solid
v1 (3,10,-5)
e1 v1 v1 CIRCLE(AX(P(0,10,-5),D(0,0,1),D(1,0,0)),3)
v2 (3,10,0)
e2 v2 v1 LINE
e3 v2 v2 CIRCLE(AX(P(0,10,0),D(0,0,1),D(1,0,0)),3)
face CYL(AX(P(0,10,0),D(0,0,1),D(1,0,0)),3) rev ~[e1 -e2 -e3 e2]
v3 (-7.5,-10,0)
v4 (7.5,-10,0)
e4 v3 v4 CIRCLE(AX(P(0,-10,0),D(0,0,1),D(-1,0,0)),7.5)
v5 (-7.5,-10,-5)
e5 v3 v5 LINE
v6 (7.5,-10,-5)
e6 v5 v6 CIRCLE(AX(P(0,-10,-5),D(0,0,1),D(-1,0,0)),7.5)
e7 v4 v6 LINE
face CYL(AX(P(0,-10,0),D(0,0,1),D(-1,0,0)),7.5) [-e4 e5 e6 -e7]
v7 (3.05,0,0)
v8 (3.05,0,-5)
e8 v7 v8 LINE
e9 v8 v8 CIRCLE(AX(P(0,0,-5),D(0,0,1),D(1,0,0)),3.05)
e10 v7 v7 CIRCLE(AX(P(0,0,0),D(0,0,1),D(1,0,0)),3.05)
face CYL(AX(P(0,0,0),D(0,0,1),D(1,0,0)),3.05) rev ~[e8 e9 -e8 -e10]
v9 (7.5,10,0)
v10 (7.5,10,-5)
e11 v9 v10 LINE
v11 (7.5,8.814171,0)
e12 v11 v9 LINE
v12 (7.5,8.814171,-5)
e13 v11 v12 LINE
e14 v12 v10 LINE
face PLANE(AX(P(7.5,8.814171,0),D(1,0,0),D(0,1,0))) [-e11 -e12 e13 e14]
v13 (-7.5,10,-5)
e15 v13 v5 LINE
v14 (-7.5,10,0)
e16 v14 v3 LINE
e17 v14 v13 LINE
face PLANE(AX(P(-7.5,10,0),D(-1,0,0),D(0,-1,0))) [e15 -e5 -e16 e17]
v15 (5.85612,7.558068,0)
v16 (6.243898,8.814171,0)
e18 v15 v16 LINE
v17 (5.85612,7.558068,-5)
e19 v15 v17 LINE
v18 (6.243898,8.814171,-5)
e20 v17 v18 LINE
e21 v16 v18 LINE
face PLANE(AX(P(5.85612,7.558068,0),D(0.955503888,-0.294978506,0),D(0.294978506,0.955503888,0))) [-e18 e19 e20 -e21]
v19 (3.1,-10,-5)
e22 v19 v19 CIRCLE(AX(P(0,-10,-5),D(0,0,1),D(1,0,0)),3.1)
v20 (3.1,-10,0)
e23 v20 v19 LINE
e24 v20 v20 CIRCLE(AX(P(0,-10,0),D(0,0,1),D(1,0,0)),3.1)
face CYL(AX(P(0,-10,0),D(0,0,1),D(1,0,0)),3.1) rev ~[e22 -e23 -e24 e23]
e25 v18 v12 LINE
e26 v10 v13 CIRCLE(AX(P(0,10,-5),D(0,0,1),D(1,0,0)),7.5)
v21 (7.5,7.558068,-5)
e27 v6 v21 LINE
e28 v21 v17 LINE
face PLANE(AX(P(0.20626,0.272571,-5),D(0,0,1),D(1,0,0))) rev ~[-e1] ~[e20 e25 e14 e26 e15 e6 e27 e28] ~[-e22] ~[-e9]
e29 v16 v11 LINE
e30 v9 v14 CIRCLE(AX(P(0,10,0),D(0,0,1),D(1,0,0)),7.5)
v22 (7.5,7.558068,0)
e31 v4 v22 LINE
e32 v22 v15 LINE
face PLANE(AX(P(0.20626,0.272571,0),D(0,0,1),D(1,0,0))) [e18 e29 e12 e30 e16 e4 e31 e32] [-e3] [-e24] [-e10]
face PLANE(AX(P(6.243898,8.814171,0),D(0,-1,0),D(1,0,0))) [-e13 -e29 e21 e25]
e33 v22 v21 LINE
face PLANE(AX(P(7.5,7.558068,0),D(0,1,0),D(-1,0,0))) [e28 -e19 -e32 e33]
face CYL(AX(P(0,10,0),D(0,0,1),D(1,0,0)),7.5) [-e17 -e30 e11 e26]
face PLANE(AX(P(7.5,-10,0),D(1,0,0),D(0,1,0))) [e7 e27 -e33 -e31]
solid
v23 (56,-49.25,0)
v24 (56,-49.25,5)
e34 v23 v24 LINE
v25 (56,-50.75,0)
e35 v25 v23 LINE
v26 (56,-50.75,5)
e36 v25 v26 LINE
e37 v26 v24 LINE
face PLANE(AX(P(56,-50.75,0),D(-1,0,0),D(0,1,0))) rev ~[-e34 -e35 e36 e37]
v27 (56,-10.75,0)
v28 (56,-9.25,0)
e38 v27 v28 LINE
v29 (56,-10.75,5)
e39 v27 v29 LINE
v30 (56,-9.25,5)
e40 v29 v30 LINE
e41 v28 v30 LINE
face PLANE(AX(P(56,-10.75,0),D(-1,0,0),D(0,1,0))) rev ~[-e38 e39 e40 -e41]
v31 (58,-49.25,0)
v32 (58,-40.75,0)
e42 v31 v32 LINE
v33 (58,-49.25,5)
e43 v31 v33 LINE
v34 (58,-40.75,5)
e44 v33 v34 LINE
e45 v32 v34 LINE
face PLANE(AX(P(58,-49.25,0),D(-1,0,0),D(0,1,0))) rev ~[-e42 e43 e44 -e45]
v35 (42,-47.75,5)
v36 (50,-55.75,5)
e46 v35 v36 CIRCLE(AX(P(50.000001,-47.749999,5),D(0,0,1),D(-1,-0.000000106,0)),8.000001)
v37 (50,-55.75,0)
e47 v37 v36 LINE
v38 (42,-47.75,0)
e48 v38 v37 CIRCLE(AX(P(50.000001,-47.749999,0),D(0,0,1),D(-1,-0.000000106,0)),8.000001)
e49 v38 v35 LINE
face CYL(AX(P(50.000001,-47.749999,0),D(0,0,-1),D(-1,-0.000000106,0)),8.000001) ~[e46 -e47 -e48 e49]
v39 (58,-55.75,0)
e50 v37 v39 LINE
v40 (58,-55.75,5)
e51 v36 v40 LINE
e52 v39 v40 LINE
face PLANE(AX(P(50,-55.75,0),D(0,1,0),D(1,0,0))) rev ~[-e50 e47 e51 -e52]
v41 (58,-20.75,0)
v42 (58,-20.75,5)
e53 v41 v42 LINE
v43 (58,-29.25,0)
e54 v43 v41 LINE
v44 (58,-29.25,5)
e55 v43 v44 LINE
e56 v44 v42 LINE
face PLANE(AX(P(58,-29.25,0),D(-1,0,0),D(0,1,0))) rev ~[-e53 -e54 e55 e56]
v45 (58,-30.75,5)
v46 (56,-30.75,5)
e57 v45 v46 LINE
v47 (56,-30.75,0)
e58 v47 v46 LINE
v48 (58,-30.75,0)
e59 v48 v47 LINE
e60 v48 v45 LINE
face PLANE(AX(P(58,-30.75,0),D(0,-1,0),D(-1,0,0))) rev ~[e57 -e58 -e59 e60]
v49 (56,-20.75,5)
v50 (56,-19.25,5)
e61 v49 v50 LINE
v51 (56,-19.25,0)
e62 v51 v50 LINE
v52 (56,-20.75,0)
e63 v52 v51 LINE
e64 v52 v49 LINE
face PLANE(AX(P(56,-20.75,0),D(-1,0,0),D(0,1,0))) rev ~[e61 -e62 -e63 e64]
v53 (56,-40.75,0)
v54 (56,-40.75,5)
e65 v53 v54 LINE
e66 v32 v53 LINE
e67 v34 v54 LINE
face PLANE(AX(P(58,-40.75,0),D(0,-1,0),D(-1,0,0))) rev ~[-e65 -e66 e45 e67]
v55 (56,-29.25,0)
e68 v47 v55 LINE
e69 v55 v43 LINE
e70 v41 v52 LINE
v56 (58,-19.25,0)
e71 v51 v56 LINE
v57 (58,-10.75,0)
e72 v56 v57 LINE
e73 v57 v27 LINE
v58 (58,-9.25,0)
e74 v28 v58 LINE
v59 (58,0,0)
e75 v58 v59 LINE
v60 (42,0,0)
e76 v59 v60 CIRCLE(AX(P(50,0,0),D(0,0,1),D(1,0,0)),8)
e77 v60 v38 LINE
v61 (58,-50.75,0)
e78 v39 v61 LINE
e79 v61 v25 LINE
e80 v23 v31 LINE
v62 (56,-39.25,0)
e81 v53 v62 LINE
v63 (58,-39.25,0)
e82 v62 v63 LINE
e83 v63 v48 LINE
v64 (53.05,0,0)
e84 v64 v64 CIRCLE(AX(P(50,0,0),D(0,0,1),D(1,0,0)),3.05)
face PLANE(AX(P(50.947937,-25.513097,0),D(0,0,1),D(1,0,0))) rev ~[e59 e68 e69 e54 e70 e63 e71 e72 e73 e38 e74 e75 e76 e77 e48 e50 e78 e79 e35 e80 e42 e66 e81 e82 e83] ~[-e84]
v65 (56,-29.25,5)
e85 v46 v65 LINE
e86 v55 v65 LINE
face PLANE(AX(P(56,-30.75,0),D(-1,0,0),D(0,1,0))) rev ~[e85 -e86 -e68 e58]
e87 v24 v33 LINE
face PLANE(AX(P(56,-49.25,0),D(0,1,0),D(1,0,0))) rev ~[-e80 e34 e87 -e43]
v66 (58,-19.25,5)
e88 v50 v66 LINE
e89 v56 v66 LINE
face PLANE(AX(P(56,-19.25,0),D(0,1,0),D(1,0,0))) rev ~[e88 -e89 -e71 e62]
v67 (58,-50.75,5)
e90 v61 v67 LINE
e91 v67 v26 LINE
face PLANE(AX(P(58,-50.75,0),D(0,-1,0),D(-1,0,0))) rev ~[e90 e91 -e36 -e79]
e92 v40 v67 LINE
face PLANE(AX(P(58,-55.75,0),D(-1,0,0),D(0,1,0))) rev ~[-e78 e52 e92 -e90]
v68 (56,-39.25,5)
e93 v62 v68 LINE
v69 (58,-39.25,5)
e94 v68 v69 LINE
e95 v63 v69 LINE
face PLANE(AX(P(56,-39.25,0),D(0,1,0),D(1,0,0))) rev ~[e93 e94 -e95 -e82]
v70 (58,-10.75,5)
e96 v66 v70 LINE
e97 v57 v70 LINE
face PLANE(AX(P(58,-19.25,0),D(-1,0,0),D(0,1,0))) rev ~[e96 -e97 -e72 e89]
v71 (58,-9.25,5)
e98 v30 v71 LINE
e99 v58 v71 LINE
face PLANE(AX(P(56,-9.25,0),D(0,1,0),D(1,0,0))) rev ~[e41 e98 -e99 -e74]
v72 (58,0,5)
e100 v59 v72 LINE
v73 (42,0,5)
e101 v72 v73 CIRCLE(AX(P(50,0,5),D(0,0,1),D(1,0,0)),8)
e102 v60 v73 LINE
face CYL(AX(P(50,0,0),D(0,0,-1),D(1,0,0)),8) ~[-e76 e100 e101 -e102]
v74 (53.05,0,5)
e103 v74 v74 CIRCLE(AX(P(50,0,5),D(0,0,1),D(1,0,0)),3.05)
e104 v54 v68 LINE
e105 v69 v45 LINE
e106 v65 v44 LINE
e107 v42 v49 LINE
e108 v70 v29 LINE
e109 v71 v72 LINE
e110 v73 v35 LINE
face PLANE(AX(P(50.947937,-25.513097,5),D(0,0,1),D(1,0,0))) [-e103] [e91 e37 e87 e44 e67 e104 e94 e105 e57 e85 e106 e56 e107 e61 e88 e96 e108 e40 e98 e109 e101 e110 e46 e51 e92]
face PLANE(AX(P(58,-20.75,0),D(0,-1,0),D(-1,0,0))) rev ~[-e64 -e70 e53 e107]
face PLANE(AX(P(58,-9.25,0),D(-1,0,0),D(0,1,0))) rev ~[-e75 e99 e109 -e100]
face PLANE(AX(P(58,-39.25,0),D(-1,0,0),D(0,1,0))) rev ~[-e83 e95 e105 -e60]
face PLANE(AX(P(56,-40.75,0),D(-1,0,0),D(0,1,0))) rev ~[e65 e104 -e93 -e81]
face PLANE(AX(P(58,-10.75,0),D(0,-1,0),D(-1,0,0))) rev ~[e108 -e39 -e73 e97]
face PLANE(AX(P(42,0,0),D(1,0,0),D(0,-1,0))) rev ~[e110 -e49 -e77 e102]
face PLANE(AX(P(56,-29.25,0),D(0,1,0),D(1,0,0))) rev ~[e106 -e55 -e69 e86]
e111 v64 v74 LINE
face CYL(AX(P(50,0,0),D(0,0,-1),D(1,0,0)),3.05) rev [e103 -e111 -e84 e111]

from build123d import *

# Parameters (mm, degrees)
F1_DEPTH = 5
F2_R     = 3.05
F2_R_2   = 3
F2_R_3   = 3.1
F3_DEPTH = 25
F4_R     = 3.05
F5_DEPTH = 5


with BuildPart() as f1:
    # F0 (on Top) → F1 (new body)
    with BuildSketch(Plane.XY):
        with BuildLine():
            Line((7.5, 8.814171), (7.5, 10))
            ThreePointArc((7.5, 10), (0, 17.5), (-7.5, 10))
            Line((-7.5, 10), (-7.5, -10))
            ThreePointArc((-7.5, -10), (0, -17.5), (7.5, -10))
            Line((7.5, -10), (7.5, 7.558068))
            Line((7.5, 7.558068), (5.85612, 7.558068))
            Line((5.85612, 7.558068), (6.243898, 8.814171))
            Line((6.243898, 8.814171), (7.5, 8.814171))
        make_face()
    extrude(amount=-F1_DEPTH)

    # F2 (on face) → F3 (cut)
    with BuildSketch(Plane.XY):
        Circle(F2_R)
        with Locations((0, 10)):
            Circle(F2_R_2)
        with Locations((0, -10)):
            Circle(F2_R_3)
    extrude(amount=-F3_DEPTH, mode=Mode.SUBTRACT)


with BuildPart() as f5:
    # F4 (on Top) → F5 (new body)
    with BuildSketch(Plane.XY):
        with BuildLine():
            Line((58, -9.25), (58, 0))
            ThreePointArc((58, 0), (50, 8), (42, 0))
            Line((42, 0), (42, -47.75))
            ThreePointArc((42, -47.75), (44.343146, -53.406854), (50, -55.75))
            Line((50, -55.75), (58, -55.75))
            Line((58, -55.75), (58, -50.75))
            Line((58, -50.75), (56, -50.75))
            Line((56, -50.75), (56, -49.25))
            Line((56, -49.25), (58, -49.25))
            Line((58, -49.25), (58, -40.75))
            Line((58, -40.75), (56, -40.75))
            Line((56, -40.75), (56, -39.25))
            Line((56, -39.25), (58, -39.25))
            Line((58, -39.25), (58, -30.75))
            Line((58, -30.75), (56, -30.75))
            Line((56, -30.75), (56, -29.25))
            Line((56, -29.25), (58, -29.25))
            Line((58, -29.25), (58, -20.75))
            Line((58, -20.75), (56, -20.75))
            Line((56, -20.75), (56, -19.25))
            Line((56, -19.25), (58, -19.25))
            Line((58, -19.25), (58, -10.75))
            Line((58, -10.75), (56, -10.75))
            Line((56, -10.75), (56, -9.25))
            Line((56, -9.25), (58, -9.25))
        make_face()
        with Locations((50, 0)):
            Circle(F4_R, mode=Mode.SUBTRACT)
    extrude(amount=F5_DEPTH)


solid = Compound([f1.part, f5.part])
